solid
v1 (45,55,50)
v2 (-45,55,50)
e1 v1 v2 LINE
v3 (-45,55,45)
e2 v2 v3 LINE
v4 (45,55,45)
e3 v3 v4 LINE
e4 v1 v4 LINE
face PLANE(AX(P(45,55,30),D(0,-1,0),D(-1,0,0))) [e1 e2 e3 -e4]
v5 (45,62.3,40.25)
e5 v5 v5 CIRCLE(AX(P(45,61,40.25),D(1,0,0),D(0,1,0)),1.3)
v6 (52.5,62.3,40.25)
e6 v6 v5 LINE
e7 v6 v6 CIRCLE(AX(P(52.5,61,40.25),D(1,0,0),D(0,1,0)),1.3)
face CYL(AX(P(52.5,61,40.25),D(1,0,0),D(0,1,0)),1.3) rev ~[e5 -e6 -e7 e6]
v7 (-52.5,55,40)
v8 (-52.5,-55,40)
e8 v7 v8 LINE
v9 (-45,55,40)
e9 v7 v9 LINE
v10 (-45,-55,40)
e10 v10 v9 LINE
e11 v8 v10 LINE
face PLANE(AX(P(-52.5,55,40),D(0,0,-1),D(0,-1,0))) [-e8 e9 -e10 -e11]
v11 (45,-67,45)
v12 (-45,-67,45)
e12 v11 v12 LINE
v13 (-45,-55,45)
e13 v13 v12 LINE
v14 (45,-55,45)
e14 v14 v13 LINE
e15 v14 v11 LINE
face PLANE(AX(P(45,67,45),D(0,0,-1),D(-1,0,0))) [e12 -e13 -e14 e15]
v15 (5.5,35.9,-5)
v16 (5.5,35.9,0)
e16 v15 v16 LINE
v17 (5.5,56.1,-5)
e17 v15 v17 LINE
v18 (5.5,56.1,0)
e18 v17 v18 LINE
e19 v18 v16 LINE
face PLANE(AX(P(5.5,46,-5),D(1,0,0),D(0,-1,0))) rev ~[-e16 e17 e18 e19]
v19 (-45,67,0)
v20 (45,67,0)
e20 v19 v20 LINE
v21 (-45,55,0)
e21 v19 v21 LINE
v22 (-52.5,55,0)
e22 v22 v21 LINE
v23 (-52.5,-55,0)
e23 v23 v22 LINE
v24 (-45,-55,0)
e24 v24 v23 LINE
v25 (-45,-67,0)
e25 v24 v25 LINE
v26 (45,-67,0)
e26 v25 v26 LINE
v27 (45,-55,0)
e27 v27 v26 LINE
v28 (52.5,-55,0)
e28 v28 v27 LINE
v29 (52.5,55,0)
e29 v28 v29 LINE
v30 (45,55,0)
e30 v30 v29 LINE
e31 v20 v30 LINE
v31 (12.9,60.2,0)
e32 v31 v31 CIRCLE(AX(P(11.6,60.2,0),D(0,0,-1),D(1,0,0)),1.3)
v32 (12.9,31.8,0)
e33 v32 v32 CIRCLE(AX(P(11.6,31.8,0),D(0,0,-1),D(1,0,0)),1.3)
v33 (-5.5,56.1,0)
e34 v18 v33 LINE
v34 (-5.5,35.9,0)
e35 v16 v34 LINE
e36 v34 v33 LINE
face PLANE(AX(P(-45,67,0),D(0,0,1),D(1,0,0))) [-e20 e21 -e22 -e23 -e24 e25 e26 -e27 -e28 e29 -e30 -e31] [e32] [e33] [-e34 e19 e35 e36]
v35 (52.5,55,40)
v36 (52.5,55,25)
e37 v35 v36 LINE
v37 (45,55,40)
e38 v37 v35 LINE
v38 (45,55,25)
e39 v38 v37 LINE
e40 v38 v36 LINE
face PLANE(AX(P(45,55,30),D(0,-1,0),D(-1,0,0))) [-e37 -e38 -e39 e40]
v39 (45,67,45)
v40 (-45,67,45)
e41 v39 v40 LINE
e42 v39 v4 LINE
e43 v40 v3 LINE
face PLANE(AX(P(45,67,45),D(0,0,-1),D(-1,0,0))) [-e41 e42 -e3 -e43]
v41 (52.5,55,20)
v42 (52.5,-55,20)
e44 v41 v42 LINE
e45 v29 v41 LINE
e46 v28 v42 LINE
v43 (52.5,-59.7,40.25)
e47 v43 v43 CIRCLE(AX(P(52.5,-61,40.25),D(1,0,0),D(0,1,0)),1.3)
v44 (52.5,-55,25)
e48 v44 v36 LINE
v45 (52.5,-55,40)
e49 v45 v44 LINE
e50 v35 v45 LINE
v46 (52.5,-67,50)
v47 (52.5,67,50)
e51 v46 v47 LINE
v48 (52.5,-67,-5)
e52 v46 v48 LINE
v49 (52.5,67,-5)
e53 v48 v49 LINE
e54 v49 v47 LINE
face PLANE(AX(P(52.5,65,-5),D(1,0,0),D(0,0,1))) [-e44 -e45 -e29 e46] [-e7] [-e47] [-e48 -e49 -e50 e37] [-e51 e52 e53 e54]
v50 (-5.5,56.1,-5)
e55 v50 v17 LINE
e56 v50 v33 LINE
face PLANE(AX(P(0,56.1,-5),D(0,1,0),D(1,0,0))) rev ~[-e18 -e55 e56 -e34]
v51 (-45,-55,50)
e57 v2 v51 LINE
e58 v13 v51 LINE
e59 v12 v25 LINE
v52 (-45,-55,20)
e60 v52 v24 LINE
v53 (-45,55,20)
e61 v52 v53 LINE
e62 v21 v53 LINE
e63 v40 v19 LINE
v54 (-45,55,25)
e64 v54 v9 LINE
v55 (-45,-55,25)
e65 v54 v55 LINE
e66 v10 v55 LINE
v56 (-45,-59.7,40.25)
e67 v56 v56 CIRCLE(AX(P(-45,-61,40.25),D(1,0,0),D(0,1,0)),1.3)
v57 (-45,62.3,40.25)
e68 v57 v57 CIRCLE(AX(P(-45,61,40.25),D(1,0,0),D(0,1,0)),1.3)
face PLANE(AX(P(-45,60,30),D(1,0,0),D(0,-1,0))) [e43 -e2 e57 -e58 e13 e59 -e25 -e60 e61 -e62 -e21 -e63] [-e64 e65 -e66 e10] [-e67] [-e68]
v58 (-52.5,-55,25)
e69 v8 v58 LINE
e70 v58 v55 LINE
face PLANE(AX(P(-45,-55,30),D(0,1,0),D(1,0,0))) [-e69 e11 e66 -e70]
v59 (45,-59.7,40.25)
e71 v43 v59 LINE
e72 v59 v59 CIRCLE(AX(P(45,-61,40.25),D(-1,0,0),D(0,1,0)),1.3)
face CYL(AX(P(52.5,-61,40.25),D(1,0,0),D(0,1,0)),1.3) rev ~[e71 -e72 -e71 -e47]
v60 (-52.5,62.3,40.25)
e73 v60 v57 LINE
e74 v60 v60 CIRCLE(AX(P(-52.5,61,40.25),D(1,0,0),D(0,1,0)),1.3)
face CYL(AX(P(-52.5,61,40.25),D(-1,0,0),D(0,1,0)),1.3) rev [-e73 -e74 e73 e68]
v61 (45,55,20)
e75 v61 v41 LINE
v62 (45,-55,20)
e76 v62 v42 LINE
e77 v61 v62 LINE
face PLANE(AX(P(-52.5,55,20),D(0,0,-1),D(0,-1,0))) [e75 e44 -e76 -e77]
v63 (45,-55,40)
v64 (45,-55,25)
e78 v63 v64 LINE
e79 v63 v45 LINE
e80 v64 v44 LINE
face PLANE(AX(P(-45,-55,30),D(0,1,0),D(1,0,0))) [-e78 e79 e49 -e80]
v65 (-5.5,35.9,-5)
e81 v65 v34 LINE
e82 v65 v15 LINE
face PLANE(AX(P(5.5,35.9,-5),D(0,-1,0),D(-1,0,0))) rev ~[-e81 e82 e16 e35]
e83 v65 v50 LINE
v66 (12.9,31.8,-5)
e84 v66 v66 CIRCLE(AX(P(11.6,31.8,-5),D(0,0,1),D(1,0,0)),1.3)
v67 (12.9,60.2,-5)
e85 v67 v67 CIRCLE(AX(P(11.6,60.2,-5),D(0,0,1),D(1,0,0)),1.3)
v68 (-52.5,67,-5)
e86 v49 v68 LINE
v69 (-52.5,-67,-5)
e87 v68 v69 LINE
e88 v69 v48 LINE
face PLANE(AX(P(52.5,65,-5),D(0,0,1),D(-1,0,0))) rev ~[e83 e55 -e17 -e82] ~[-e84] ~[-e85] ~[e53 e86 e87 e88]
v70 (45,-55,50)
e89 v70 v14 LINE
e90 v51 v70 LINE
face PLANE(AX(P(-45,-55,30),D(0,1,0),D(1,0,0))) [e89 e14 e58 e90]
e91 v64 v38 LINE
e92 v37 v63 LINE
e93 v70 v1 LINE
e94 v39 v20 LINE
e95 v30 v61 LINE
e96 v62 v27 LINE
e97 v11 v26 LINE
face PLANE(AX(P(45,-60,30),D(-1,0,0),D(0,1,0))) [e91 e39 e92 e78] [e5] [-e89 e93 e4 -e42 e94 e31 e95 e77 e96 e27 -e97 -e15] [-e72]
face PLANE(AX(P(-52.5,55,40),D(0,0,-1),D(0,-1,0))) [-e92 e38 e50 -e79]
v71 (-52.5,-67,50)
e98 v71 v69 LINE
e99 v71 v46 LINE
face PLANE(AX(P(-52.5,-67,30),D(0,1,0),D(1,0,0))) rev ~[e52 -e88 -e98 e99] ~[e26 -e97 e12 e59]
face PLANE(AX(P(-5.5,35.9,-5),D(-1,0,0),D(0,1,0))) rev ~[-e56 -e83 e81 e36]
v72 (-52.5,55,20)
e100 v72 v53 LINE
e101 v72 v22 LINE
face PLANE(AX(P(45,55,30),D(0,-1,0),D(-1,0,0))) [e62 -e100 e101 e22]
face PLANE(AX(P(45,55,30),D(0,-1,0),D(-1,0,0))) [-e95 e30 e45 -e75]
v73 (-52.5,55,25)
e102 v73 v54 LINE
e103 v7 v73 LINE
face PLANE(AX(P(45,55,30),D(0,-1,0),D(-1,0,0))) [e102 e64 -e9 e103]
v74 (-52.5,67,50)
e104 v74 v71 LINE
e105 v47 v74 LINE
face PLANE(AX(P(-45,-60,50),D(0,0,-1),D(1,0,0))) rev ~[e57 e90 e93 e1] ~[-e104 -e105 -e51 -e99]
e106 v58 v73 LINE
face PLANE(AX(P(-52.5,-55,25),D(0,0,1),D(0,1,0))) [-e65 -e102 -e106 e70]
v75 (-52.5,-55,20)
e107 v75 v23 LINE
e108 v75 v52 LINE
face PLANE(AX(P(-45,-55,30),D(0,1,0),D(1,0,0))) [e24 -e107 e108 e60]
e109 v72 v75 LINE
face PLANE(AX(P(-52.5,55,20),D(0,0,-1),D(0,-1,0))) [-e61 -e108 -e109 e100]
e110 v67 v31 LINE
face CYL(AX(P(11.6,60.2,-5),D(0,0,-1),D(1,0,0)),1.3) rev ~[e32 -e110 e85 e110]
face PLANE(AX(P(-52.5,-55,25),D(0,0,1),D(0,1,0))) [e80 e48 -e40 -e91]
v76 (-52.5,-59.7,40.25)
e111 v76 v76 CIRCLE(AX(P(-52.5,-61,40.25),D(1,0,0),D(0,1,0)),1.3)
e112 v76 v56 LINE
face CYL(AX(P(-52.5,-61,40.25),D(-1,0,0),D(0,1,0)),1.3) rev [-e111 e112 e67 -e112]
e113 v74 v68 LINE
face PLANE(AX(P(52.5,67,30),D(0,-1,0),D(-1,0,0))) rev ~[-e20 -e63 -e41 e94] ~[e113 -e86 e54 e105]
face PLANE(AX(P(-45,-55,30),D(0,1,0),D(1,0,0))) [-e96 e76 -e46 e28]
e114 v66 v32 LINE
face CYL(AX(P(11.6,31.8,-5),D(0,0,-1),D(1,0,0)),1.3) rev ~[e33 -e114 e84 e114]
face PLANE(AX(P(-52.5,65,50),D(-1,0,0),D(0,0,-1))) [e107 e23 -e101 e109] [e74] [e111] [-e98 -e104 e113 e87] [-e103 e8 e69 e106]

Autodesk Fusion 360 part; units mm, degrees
sketch "Çizim1" plane through (0, 0, 0) normal (0, 0, 1) x (1, 0, 0)
  line L0 (52.5, 65) -> (-52.5, 65)
  line L1 (-52.5, 65) -> (-52.5, -65)
  line L2 (-52.5, -65) -> (52.5, -65)
  line L3 (52.5, -65) -> (52.5, 65)
  line L4 (52.5, 65) -> (-52.5, -65) construction
  line L5 (-52.5, 65) -> (52.5, -65) construction
  dimension "d1" = 105
  dimension "d2" = 130
extrude "Ekstrüzyon1" add sketch "Çizim1" against normal blind 5
sketch "Çizim2" plane through (0, 0, 0) normal (0, 0, 1) x (-1, 0, 0)
  line L0 (-52.5, 65) -> (-52.5, -65)
  line L1 (-52.5, -65) -> (52.5, -65)
  line L2 (52.5, -65) -> (52.5, 65)
  line L3 (52.5, 65) -> (-52.5, 65)
  line L4 (47.5, 60) -> (-47.5, 60)
  line L5 (-47.5, 60) -> (-47.5, -60)
  line L6 (-47.5, -60) -> (47.5, -60)
  line L7 (47.5, -60) -> (47.5, 60)
  dimension "d5" = -5
extrude "Ekstrüzyon2" add sketch "Çizim2" along normal blind 30
extrude "Ekstrüzyon3" add 1 faces at (-47.5, 20, 10) along direction (1, 0, 0) blind 2.5
extrude "Ekstrüzyon4" add 1 faces at (47.5, -20, 10) along direction (-1, 0, 0) blind 2.5
extrude "Ekstrüzyon5" add 1 faces at (-50, 20, 30) along direction (0, 0, 1) blind 20
extrude "Ekstrüzyon6" add 1 faces at (-17.5, -65, 13.3333) along direction (0, -1, 0) blind 2
extrude "Ekstrüzyon7" add 1 faces at (-17.5, 65, 31.6667) along direction (0, 1, 0) blind 2
sketch "Çizim4" plane through (52.5, 0, 0) normal (1, 0, 0) x (0, 1, 0)
  line L0 (-67, -5) -> (67, -5)
  line L1 (67, -5) -> (67, 50)
  line L2 (67, 50) -> (-67, 50)
  line L3 (-67, 50) -> (-67, -5)
  circle A0 centre (-61, 40.25) radius 1.3
  line L4 (0, 50) -> (0, -5)
  circle A1 centre (61, 40.25) radius 1.3
  dimension "d18" = 2.6
  dimension "d19" = 9.75
  dimension "d20" = 6
extrude "Ekstrüzyon8" cut sketch "Çizim4" against normal blind 7.5 contours A0 | A1
extrude "Ekstrüzyon9" add 1 faces at (-15, 60, 29.8064) along direction (0, -1, 0) blind 5
extrude "Ekstrüzyon10" add 1 faces at (-15, -60, 29.8064) along direction (0, 1, 0) blind 5
mirror "Ayna1" about plane through (0, 0, 0) normal (1, 0, 0) of "Ekstrüzyon8"
sketch "Çizim5" plane through (-52.5, 0, 0) normal (-1, 0, 0) x (0, -1, 0)
  circle A0 centre (61, 40.25) radius 1.3
  circle A1 centre (-61, 40.25) radius 1.3
  line L0 (-67, -5) -> (67, -5)
  line L1 (67, -5) -> (67, 50)
  line L2 (67, 50) -> (-67, 50)
  line L3 (-67, 50) -> (-67, -5)
  line L4 (-55, 40) -> (-55, 25)
  line L5 (55, 40) -> (55, 25)
  line L6 (-55, 40) -> (55, 40)
  line L7 (55, 40) -> (55, 25)
  line L8 (55, 25) -> (-55, 25)
  line L9 (-55, 25) -> (-55, 40)
  dimension "d29" = 12
  dimension "d30" = 15
  dimension "d31" = 15
  dimension "d32" = 12
  dimension "d33" = 10
extrude "Ekstrüzyon11" cut sketch "Çizim5" against normal blind 105 contours L4 L5 L6 L7 L8 L9
sketch "Çizim6" plane through (-52.5, 0, 0) normal (-1, 0, 0) x (0, -1, 0)
  line L0 (55, 40) -> (55, 25)
  line L1 (55, 25) -> (-55, 25)
  line L2 (-55, 25) -> (-55, 40)
  line L3 (-55, 40) -> (55, 40)
  circle A0 centre (61, 40.25) radius 1.3
  circle A1 centre (-61, 40.25) radius 1.3
  line L4 (-67, -5) -> (67, -5)
  line L5 (67, -5) -> (67, 50)
  line L6 (67, 50) -> (-67, 50)
  line L7 (-67, 50) -> (-67, -5)
  line L8 (55, 25) -> (55, -5)
  line L9 (-55, 25) -> (-55, -5)
  line L10 (-55, 10) -> (55, 10)
  line L11 (-55, 20) -> (55, 20)
  line L12 (55, 20) -> (55, 0)
  line L13 (55, 0) -> (-55, 0)
  line L14 (-55, 0) -> (-55, 20)
extrude "Ekstrüzyon12" cut sketch "Çizim6" against normal blind 105 contours L8 L9 L10 L11 L12 L14 | L8 L9 L10 L12 L13 L14
sketch "Çizim7" plane through (0, 67, 0) normal (0, 1, 0) x (-1, 0, 0)
  line L0 (-52.5, 50) -> (-52.5, -5)
  line L1 (-52.5, -5) -> (52.5, -5)
  line L2 (52.5, -5) -> (52.5, 50)
  line L3 (52.5, 50) -> (-52.5, 50)
  line L4 (-45, 50) -> (-45, -5)
  line L5 (45, 50) -> (45, -5)
  line L6 (-45, 45) -> (45, 45)
  line L7 (45, 45) -> (45, 0)
  line L8 (45, 0) -> (-45, 0)
  line L9 (-45, 0) -> (-45, 45)
  dimension "d38" = 7.5
  dimension "d39" = 7.5
extrude "Ekstrüzyon13" cut sketch "Çizim7" against normal blind 134 contours L4 L5 L6 L7 L8 L9
sketch "Çizim8" plane through (0, 0, -5) normal (0, 0, -1) x (1, 0, 0)
  line L0 (52.5, -67) -> (52.5, 67)
  line L1 (52.5, 67) -> (-52.5, 67)
  line L2 (-52.5, 67) -> (-52.5, -67)
  line L3 (-52.5, -67) -> (52.5, -67)
  line L4 (5.5, -35.9) -> (-5.5, -35.9)
  line L5 (-5.5, -35.9) -> (-5.5, -56.1)
  line L6 (-5.5, -56.1) -> (5.5, -56.1)
  line L7 (5.5, -56.1) -> (5.5, -35.9)
  line L8 (0, -35.9) -> (0, -56.1)
  circle A0 centre (11.6, -31.8) radius 1.3
  circle A1 centre (11.6, -60.2) radius 1.3
  line L9 (11.6, -31.8) -> (11.6, -33.1)
  line L10 (11.6, -31.8) -> (11.6, -33.1)
  line L11 (11.6, -58.9) -> (11.6, -60.2)
  line L12 (11.6, -31.8) -> (11.6, -60.2)
  line L13 (11.6, -46) -> (5.5, -46)
  point P0 (5.5, -46)
  dimension "d42" = 11
  dimension "d43" = 20.2
  dimension "d44" = 10.9
  dimension "d45" = 28.4
  dimension "d46" = 2.6
  dimension "d47" = 2.6
  dimension "d48" = 6.1
extrude "Ekstrüzyon14" cut sketch "Çizim8" against normal blind 5 contours L4 L6 L7 L8 | A0 | A1 | L4 L5 L6 L8
